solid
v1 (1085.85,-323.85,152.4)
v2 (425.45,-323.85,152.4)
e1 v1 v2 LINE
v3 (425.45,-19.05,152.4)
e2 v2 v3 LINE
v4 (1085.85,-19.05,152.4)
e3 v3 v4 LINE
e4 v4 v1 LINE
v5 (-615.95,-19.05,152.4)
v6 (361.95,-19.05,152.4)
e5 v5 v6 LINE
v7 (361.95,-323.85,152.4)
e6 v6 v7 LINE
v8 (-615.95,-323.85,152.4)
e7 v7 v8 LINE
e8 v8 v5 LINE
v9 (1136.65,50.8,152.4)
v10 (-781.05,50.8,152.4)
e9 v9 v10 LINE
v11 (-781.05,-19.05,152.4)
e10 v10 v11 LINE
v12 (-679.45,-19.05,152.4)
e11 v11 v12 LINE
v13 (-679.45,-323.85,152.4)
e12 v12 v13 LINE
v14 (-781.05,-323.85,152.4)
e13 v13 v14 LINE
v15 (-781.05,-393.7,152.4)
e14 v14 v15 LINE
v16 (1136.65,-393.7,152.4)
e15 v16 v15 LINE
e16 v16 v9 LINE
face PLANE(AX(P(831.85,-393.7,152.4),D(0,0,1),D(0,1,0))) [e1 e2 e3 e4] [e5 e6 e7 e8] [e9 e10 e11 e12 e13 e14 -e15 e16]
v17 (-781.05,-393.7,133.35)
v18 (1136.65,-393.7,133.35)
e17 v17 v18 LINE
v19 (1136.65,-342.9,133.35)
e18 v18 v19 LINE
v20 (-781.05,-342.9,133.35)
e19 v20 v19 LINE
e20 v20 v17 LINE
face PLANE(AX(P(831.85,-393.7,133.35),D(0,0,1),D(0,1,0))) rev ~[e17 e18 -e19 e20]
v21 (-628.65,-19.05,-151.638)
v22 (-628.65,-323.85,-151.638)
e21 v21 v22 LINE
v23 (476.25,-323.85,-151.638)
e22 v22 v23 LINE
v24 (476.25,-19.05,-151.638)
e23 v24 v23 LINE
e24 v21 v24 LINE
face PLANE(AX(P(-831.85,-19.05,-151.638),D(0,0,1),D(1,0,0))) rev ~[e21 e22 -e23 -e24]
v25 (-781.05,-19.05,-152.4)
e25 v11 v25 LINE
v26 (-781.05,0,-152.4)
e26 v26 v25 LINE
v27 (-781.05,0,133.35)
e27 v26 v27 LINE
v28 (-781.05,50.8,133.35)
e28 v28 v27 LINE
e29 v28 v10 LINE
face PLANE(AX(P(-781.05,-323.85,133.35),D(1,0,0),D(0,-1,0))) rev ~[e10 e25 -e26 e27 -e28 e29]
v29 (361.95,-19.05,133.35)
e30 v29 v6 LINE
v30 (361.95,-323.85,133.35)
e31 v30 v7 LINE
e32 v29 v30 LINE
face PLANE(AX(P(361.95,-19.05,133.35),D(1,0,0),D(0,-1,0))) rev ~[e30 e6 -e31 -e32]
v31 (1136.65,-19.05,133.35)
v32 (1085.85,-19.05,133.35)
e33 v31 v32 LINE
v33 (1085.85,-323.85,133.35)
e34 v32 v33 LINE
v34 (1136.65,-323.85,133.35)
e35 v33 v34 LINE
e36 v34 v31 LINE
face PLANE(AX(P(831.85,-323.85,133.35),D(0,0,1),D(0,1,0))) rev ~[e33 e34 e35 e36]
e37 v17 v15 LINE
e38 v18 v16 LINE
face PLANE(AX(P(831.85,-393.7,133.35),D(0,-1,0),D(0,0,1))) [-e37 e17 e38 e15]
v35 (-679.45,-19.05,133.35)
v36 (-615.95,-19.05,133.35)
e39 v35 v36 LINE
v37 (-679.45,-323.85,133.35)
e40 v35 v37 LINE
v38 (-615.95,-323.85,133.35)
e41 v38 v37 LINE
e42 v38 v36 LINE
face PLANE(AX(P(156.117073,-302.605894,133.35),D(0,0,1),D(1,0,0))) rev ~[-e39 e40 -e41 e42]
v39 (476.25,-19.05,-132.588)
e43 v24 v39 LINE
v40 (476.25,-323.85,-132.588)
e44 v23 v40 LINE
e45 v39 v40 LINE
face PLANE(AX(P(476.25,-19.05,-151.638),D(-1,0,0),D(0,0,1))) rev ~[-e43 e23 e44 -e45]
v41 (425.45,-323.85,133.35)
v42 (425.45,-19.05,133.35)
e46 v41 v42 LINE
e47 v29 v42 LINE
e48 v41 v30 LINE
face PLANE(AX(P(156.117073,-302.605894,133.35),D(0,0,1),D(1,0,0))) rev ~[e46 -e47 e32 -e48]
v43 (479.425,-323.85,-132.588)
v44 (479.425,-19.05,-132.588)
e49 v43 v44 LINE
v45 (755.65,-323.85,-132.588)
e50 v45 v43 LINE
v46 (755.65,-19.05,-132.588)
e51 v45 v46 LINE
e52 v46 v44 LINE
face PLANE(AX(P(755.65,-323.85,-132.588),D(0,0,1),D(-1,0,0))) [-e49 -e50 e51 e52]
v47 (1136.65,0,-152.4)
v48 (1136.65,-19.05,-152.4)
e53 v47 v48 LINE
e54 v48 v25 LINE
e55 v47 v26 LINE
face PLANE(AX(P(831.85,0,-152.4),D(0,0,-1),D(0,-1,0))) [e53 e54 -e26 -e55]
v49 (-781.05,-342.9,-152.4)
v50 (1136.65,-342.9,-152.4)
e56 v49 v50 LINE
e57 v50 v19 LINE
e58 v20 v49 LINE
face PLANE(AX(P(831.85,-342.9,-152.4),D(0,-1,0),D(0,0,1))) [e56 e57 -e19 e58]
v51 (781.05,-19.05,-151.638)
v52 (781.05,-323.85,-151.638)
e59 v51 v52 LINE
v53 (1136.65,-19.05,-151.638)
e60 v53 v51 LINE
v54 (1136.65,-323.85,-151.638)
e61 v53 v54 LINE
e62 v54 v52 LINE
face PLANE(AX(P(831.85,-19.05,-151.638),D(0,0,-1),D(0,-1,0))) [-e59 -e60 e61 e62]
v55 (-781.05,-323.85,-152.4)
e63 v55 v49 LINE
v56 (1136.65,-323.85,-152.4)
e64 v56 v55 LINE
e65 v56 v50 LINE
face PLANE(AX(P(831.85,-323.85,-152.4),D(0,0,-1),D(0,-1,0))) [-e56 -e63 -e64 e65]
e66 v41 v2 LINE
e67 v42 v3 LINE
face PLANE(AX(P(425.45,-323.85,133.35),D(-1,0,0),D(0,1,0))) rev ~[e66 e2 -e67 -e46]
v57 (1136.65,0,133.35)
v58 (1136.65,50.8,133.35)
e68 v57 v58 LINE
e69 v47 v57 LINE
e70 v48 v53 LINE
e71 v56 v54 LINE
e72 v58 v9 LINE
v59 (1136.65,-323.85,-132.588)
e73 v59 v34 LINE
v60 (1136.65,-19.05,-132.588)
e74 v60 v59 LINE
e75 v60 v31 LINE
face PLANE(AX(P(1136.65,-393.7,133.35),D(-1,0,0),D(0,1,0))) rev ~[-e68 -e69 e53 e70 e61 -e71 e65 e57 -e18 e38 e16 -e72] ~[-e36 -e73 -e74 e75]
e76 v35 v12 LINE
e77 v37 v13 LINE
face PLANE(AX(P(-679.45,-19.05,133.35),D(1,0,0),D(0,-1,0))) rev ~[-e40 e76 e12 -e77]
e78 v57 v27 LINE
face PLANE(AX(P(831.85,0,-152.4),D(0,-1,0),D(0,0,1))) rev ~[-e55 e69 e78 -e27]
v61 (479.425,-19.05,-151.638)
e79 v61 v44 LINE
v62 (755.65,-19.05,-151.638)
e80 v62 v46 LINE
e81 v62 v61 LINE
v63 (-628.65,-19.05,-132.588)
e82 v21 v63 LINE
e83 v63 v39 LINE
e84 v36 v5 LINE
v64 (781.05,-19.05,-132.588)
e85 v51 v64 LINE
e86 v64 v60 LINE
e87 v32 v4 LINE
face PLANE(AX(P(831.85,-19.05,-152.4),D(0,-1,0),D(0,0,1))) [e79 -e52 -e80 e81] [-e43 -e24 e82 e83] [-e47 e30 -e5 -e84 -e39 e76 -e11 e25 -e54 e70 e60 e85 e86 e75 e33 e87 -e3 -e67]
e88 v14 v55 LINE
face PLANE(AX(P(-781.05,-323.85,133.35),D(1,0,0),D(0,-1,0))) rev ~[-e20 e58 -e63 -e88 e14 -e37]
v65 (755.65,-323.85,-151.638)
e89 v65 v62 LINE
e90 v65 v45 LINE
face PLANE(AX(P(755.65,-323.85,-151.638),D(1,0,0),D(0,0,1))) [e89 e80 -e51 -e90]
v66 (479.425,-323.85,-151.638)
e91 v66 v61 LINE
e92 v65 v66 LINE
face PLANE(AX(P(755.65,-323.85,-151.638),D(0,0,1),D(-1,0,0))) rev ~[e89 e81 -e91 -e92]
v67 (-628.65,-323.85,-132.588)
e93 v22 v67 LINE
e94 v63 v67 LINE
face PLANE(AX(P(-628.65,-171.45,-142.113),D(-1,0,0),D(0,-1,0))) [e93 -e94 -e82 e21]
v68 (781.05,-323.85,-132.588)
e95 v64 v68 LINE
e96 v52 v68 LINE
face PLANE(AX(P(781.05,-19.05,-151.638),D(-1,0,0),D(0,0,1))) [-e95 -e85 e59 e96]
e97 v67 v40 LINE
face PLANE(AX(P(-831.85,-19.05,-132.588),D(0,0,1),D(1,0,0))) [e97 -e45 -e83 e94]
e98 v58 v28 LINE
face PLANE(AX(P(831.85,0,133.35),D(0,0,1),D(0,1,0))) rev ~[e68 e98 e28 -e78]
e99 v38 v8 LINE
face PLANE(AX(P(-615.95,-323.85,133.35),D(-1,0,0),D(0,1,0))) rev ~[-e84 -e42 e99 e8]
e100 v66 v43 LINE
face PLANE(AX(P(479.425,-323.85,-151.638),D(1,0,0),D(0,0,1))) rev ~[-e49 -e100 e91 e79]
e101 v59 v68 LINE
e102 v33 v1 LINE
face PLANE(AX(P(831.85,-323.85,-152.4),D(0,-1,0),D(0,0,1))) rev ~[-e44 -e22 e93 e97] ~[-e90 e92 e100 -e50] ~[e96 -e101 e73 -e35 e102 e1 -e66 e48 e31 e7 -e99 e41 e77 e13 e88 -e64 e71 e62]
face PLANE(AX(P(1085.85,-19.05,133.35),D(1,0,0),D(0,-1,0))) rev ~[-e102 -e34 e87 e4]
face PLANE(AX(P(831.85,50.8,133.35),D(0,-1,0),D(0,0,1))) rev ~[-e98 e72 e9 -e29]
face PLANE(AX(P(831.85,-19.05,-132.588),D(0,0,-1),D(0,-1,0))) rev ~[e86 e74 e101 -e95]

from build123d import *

# Parameters (mm, degrees)
F0_W      = 1663.7
F0_H      = 304.8
F1_DEPTH  = 19.05
F2_W      = 50.8
F2_H      = 19.05
F3_DEPTH  = 304.8
F4_W      = 1308.1
F4_H      = 19.05
F5_DEPTH  = 304.8
F7_DEPTH  = 19.05
F8_DEPTH  = 19.05
F9_DEPTH  = 19.05
F11_DEPTH = 19.05
F12_W     = 276.225
F12_H     = 19.05
F13_DEPTH = 304.8
F14_DEPTH = 50.8
F15_DEPTH = 304.8
F16_DEPTH = 304.8
F17_W     = 304.8
F17_H     = 19.05
F18_DEPTH = 152.4


with BuildPart() as f1:
    # F0 (on Front) → F1 (new body)
    with BuildSketch(Plane.XZ):
        Rectangle(F0_W, F0_H)
    extrude(amount=F1_DEPTH)

    # F2 (on face) → F3 (join)
    with BuildSketch(Plane.XZ.offset(19.05)):
        with Locations((806.45, -142.113)):
            Rectangle(F2_W, F2_H)
    extrude(amount=F3_DEPTH)

    # F4 (on face) → F5 (join)
    with BuildSketch(Plane.XZ.offset(19.05)):
        with Locations((-177.8, -142.113)):
            Rectangle(F4_W, F4_H)
    extrude(amount=F5_DEPTH)

    # F6 (on face) → F7 (join)
    with BuildSketch(Plane.XZ.offset(323.85)):
        Polygon((-831.85, 152.4), (-831.85, -151.638), (-831.85, -152.4), (831.85, -152.4), (831.85, 152.4), align=None)
    extrude(amount=F7_DEPTH)

    # F8 (cut): a face of the model
    f8_faces = [f1.faces().sort_by_distance(p)[0] for p in [
        (0, -333.375, 152.4),
    ]]
    extrude(f8_faces, amount=-F8_DEPTH, mode=Mode.SUBTRACT)

    # F9 (cut): a face of the model
    f9_faces = [f1.faces().sort_by_distance(p)[0] for p in [
        (0, -9.525, 152.4),
    ]]
    extrude(f9_faces, amount=-F9_DEPTH, mode=Mode.SUBTRACT)

    # F10 (on face) → F11 (join)
    with BuildSketch(Plane.XY.offset(133.35)):
        Polygon((831.85, -393.7), (831.85, -342.9), (831.85, -323.85), (831.85, -19.05), (781.05, -19.05), (781.05, -323.85), (425.45, -323.85), (425.45, -19.05), (361.95, -19.05), (361.95, -323.85), (-615.95, -323.85), (-679.45, -323.85), (-831.85, -323.85), (-831.85, -393.7), align=None)
        Polygon((781.05, -19.05), (831.85, -19.05), (831.85, 50.8), (-831.85, 50.8), (-831.85, -19.05), (-679.45, -19.05), (-679.45, -323.85), (-615.95, -323.85), (-615.95, -19.05), (361.95, -19.05), (425.45, -19.05), align=None)
    extrude(amount=F11_DEPTH)

    # F12 (on face) → F13 (join)
    with BuildSketch(Plane(origin=(0, -323.85, 0), x_dir=(-1, 0, 0), z_dir=(0, 1, 0))):
        with Locations((-617.5375, -142.113)):
            Rectangle(F12_W, F12_H)
    extrude(amount=F13_DEPTH)

    # F14 (cut): a face of the model
    f14_faces = [f1.faces().sort_by_distance(p)[0] for p in [
        (-831.85, -329.2396501742, 9.906),
    ]]
    extrude(f14_faces, amount=-F14_DEPTH, mode=Mode.SUBTRACT)

    # F15 (add): a face of the model
    f15_faces = [f1.faces().sort_by_distance(p)[0] for p in [
        (831.85, -329.2396501742, -152.019),
    ]]
    extrude(f15_faces, amount=F15_DEPTH)

    # F16 (cut): a face of the model
    f16_faces = [f1.faces().sort_by_distance(p)[0] for p in [
        (781.05, -171.45, 142.875),
    ]]
    extrude(f16_faces, amount=-F16_DEPTH, mode=Mode.SUBTRACT)

    # F17 (on face) → F18 (cut)
    with BuildSketch(Plane(origin=(-781.05, 0, 0), x_dir=(0, -1, 0), z_dir=(-1, 0, 0))):
        with Locations((171.45, -142.113)):
            Rectangle(F17_W, F17_H)
    extrude(amount=-F18_DEPTH, mode=Mode.SUBTRACT)


solid = f1.part
